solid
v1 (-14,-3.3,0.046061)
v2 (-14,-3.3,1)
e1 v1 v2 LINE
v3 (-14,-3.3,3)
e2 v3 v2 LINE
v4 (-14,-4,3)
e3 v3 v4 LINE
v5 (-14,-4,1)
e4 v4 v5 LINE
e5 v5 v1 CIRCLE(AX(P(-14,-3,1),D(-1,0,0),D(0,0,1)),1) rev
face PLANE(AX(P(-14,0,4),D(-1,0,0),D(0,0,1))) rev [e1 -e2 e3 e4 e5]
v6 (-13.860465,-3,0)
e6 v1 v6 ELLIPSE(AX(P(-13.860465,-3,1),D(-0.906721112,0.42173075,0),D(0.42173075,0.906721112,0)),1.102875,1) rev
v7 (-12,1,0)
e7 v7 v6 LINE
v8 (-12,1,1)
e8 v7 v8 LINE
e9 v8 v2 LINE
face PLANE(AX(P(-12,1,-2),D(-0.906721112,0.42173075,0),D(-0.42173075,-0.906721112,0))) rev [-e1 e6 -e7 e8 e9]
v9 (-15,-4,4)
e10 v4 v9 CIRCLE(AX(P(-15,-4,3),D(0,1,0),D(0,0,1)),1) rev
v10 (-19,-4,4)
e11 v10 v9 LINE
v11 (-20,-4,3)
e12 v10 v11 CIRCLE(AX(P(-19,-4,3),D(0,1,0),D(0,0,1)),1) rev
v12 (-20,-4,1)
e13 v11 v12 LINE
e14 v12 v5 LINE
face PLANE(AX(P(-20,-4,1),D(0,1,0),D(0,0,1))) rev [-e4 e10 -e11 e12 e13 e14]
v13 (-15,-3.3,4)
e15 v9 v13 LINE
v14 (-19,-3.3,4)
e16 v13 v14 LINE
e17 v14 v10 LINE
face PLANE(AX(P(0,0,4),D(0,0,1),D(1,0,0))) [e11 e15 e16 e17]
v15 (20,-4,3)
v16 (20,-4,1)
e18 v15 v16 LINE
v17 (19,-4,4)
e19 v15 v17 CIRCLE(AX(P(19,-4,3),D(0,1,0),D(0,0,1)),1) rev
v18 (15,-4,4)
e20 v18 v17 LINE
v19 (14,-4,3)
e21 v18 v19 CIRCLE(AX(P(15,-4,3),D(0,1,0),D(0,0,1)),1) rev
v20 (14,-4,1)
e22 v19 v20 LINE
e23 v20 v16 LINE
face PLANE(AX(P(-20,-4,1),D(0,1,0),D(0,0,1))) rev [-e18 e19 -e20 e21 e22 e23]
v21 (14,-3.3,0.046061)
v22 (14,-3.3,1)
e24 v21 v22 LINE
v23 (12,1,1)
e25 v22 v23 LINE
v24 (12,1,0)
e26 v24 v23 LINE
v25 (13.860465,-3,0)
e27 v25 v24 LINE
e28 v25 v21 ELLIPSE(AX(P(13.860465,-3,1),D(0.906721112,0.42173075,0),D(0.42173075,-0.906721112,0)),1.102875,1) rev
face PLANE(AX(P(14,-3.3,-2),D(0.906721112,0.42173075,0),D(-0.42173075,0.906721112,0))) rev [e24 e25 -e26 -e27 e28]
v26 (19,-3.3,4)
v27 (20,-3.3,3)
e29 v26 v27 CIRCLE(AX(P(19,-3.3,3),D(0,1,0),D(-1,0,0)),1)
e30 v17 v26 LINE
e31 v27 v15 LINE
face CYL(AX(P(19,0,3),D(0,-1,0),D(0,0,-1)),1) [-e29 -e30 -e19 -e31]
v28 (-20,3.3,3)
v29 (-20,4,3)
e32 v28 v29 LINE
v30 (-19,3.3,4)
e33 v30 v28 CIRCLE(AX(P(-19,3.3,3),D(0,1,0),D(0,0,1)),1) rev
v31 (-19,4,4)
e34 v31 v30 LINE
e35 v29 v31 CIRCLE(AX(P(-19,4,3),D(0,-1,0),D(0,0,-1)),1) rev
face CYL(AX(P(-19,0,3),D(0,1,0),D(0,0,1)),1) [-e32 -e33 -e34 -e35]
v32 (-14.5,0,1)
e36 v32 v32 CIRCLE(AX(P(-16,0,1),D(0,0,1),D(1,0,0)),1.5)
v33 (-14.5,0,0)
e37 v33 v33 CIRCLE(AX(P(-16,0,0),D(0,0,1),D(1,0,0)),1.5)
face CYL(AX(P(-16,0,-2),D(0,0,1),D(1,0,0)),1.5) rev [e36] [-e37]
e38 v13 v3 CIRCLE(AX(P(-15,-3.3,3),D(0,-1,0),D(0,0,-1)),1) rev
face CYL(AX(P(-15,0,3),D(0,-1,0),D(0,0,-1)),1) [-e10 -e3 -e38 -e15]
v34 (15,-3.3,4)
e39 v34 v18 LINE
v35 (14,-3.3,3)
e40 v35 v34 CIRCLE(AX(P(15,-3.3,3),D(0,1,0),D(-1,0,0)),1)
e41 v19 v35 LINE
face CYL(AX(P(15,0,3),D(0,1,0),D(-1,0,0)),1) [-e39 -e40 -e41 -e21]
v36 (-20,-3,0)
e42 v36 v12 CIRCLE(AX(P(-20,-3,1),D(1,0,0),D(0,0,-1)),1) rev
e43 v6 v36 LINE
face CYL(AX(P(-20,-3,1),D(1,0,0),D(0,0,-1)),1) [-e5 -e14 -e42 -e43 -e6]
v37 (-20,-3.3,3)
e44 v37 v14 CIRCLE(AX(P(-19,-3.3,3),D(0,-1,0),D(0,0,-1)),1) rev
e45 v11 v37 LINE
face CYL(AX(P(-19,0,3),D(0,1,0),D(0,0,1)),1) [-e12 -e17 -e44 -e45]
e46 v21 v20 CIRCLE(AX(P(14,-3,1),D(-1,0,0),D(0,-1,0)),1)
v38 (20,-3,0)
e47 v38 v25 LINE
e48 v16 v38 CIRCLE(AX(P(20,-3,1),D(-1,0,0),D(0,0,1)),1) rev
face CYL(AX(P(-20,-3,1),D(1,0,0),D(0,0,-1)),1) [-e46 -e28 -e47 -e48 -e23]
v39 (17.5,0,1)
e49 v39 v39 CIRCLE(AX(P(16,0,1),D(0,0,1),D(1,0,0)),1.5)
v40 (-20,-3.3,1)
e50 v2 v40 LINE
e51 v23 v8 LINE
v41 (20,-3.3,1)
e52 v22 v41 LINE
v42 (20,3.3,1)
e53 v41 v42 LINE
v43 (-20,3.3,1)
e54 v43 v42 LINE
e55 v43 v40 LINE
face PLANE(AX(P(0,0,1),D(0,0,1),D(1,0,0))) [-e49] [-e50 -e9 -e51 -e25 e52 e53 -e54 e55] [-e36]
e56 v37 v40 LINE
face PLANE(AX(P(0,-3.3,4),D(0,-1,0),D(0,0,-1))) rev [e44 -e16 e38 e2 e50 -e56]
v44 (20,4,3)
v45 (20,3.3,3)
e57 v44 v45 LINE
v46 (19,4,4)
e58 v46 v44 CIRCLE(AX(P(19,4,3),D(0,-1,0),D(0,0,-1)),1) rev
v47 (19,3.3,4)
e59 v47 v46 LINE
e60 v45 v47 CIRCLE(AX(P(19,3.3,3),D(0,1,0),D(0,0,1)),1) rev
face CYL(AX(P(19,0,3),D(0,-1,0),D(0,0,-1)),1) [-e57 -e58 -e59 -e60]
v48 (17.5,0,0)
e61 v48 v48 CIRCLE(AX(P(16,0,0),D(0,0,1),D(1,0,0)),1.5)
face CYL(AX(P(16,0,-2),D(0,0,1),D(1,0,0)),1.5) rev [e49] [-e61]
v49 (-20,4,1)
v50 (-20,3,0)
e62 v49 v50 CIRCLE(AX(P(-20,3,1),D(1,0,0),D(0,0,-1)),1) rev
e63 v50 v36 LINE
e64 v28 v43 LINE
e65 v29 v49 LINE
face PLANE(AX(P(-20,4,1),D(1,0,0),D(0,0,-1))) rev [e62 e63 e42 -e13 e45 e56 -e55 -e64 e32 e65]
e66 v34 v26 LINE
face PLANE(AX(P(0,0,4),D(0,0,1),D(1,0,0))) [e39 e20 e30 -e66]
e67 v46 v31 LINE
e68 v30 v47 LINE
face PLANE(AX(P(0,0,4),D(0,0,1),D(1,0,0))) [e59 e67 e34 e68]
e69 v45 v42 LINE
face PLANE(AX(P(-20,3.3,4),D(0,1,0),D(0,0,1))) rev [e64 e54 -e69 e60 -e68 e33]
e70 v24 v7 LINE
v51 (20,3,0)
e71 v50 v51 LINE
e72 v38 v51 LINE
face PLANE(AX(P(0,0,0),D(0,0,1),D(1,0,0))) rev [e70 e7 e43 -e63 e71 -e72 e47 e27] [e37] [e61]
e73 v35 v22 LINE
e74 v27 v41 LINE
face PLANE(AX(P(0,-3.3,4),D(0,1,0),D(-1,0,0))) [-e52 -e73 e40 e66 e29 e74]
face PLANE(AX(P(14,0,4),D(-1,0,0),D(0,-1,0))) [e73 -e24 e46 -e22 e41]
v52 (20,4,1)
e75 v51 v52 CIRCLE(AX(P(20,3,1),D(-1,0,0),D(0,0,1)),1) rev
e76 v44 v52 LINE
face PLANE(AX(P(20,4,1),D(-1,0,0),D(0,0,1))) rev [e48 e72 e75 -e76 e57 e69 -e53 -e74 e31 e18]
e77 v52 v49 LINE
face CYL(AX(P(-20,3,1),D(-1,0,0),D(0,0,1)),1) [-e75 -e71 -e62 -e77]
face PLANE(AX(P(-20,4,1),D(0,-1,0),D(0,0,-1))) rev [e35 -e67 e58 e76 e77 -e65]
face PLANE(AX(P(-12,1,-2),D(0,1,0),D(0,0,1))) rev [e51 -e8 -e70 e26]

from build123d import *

# Parameters (mm, degrees)
SKETCH1_W           = 40
SKETCH1_H           = 8
BOSS_EXTRUDE1_DEPTH = 1
SKETCH2_W           = 6
SKETCH2_H           = 0.7
BOSS_EXTRUDE2_DEPTH = 3
SKETCH3_W           = 40
SKETCH3_H           = 0.7
BOSS_EXTRUDE3_DEPTH = 3
CUT_EXTRUDE2_DEPTH  = 3
SKETCH5_R           = 1.5
CUT_EXTRUDE3_DEPTH  = 3
FILLET1_R           = 1


with BuildPart() as part:
    # Sketch1 → Boss-Extrude1 (new body)
    with BuildSketch(Plane.XY):
        Rectangle(SKETCH1_W, SKETCH1_H)
    extrude(amount=BOSS_EXTRUDE1_DEPTH)

    # Sketch2 → Boss-Extrude2 (add)
    with BuildSketch(Plane.XY.offset(1)):
        with Locations((-17, -3.65)):
            Rectangle(SKETCH2_W, SKETCH2_H)
        with Locations((17, -3.65)):
            Rectangle(SKETCH2_W, SKETCH2_H)
    extrude(amount=BOSS_EXTRUDE2_DEPTH)

    # Sketch3 → Boss-Extrude3 (add)
    with BuildSketch(Plane.XY.offset(1)):
        with Locations((0, 3.65)):
            Rectangle(SKETCH3_W, SKETCH3_H)
    extrude(amount=BOSS_EXTRUDE3_DEPTH)

    # Sketch4 → Cut-Extrude2 (cut)
    with BuildSketch(Plane.XY.offset(1)):
        Polygon((-12, 1), (12, 1), (14, -3.3), (14, -4), (-14, -4), (-14, -3.3), align=None)
    extrude(amount=-CUT_EXTRUDE2_DEPTH, mode=Mode.SUBTRACT)

    # Sketch5 → Cut-Extrude3 (cut)
    with BuildSketch(Plane.XY.offset(1)):
        with Locations((16, 0)):
            Circle(SKETCH5_R)
        with Locations((-16, 0)):
            Circle(SKETCH5_R)
    extrude(amount=-CUT_EXTRUDE3_DEPTH, mode=Mode.SUBTRACT)

    # Fillet1
    fillet1_edges = [part.edges().sort_by_distance(p)[0] for p in [
        (-14, -3.65, 4),
        (-20, -3.65, 4),
        (14, -3.65, 4),
        (20, -3.65, 4),
        (20, 3.65, 4),
        (-20, 3.65, 4),
        (17, -4, 0),
        (-17, -4, 0),
        (0, 4, 0),
    ]]
    fillet(fillet1_edges, radius=FILLET1_R)


solid = part.part
